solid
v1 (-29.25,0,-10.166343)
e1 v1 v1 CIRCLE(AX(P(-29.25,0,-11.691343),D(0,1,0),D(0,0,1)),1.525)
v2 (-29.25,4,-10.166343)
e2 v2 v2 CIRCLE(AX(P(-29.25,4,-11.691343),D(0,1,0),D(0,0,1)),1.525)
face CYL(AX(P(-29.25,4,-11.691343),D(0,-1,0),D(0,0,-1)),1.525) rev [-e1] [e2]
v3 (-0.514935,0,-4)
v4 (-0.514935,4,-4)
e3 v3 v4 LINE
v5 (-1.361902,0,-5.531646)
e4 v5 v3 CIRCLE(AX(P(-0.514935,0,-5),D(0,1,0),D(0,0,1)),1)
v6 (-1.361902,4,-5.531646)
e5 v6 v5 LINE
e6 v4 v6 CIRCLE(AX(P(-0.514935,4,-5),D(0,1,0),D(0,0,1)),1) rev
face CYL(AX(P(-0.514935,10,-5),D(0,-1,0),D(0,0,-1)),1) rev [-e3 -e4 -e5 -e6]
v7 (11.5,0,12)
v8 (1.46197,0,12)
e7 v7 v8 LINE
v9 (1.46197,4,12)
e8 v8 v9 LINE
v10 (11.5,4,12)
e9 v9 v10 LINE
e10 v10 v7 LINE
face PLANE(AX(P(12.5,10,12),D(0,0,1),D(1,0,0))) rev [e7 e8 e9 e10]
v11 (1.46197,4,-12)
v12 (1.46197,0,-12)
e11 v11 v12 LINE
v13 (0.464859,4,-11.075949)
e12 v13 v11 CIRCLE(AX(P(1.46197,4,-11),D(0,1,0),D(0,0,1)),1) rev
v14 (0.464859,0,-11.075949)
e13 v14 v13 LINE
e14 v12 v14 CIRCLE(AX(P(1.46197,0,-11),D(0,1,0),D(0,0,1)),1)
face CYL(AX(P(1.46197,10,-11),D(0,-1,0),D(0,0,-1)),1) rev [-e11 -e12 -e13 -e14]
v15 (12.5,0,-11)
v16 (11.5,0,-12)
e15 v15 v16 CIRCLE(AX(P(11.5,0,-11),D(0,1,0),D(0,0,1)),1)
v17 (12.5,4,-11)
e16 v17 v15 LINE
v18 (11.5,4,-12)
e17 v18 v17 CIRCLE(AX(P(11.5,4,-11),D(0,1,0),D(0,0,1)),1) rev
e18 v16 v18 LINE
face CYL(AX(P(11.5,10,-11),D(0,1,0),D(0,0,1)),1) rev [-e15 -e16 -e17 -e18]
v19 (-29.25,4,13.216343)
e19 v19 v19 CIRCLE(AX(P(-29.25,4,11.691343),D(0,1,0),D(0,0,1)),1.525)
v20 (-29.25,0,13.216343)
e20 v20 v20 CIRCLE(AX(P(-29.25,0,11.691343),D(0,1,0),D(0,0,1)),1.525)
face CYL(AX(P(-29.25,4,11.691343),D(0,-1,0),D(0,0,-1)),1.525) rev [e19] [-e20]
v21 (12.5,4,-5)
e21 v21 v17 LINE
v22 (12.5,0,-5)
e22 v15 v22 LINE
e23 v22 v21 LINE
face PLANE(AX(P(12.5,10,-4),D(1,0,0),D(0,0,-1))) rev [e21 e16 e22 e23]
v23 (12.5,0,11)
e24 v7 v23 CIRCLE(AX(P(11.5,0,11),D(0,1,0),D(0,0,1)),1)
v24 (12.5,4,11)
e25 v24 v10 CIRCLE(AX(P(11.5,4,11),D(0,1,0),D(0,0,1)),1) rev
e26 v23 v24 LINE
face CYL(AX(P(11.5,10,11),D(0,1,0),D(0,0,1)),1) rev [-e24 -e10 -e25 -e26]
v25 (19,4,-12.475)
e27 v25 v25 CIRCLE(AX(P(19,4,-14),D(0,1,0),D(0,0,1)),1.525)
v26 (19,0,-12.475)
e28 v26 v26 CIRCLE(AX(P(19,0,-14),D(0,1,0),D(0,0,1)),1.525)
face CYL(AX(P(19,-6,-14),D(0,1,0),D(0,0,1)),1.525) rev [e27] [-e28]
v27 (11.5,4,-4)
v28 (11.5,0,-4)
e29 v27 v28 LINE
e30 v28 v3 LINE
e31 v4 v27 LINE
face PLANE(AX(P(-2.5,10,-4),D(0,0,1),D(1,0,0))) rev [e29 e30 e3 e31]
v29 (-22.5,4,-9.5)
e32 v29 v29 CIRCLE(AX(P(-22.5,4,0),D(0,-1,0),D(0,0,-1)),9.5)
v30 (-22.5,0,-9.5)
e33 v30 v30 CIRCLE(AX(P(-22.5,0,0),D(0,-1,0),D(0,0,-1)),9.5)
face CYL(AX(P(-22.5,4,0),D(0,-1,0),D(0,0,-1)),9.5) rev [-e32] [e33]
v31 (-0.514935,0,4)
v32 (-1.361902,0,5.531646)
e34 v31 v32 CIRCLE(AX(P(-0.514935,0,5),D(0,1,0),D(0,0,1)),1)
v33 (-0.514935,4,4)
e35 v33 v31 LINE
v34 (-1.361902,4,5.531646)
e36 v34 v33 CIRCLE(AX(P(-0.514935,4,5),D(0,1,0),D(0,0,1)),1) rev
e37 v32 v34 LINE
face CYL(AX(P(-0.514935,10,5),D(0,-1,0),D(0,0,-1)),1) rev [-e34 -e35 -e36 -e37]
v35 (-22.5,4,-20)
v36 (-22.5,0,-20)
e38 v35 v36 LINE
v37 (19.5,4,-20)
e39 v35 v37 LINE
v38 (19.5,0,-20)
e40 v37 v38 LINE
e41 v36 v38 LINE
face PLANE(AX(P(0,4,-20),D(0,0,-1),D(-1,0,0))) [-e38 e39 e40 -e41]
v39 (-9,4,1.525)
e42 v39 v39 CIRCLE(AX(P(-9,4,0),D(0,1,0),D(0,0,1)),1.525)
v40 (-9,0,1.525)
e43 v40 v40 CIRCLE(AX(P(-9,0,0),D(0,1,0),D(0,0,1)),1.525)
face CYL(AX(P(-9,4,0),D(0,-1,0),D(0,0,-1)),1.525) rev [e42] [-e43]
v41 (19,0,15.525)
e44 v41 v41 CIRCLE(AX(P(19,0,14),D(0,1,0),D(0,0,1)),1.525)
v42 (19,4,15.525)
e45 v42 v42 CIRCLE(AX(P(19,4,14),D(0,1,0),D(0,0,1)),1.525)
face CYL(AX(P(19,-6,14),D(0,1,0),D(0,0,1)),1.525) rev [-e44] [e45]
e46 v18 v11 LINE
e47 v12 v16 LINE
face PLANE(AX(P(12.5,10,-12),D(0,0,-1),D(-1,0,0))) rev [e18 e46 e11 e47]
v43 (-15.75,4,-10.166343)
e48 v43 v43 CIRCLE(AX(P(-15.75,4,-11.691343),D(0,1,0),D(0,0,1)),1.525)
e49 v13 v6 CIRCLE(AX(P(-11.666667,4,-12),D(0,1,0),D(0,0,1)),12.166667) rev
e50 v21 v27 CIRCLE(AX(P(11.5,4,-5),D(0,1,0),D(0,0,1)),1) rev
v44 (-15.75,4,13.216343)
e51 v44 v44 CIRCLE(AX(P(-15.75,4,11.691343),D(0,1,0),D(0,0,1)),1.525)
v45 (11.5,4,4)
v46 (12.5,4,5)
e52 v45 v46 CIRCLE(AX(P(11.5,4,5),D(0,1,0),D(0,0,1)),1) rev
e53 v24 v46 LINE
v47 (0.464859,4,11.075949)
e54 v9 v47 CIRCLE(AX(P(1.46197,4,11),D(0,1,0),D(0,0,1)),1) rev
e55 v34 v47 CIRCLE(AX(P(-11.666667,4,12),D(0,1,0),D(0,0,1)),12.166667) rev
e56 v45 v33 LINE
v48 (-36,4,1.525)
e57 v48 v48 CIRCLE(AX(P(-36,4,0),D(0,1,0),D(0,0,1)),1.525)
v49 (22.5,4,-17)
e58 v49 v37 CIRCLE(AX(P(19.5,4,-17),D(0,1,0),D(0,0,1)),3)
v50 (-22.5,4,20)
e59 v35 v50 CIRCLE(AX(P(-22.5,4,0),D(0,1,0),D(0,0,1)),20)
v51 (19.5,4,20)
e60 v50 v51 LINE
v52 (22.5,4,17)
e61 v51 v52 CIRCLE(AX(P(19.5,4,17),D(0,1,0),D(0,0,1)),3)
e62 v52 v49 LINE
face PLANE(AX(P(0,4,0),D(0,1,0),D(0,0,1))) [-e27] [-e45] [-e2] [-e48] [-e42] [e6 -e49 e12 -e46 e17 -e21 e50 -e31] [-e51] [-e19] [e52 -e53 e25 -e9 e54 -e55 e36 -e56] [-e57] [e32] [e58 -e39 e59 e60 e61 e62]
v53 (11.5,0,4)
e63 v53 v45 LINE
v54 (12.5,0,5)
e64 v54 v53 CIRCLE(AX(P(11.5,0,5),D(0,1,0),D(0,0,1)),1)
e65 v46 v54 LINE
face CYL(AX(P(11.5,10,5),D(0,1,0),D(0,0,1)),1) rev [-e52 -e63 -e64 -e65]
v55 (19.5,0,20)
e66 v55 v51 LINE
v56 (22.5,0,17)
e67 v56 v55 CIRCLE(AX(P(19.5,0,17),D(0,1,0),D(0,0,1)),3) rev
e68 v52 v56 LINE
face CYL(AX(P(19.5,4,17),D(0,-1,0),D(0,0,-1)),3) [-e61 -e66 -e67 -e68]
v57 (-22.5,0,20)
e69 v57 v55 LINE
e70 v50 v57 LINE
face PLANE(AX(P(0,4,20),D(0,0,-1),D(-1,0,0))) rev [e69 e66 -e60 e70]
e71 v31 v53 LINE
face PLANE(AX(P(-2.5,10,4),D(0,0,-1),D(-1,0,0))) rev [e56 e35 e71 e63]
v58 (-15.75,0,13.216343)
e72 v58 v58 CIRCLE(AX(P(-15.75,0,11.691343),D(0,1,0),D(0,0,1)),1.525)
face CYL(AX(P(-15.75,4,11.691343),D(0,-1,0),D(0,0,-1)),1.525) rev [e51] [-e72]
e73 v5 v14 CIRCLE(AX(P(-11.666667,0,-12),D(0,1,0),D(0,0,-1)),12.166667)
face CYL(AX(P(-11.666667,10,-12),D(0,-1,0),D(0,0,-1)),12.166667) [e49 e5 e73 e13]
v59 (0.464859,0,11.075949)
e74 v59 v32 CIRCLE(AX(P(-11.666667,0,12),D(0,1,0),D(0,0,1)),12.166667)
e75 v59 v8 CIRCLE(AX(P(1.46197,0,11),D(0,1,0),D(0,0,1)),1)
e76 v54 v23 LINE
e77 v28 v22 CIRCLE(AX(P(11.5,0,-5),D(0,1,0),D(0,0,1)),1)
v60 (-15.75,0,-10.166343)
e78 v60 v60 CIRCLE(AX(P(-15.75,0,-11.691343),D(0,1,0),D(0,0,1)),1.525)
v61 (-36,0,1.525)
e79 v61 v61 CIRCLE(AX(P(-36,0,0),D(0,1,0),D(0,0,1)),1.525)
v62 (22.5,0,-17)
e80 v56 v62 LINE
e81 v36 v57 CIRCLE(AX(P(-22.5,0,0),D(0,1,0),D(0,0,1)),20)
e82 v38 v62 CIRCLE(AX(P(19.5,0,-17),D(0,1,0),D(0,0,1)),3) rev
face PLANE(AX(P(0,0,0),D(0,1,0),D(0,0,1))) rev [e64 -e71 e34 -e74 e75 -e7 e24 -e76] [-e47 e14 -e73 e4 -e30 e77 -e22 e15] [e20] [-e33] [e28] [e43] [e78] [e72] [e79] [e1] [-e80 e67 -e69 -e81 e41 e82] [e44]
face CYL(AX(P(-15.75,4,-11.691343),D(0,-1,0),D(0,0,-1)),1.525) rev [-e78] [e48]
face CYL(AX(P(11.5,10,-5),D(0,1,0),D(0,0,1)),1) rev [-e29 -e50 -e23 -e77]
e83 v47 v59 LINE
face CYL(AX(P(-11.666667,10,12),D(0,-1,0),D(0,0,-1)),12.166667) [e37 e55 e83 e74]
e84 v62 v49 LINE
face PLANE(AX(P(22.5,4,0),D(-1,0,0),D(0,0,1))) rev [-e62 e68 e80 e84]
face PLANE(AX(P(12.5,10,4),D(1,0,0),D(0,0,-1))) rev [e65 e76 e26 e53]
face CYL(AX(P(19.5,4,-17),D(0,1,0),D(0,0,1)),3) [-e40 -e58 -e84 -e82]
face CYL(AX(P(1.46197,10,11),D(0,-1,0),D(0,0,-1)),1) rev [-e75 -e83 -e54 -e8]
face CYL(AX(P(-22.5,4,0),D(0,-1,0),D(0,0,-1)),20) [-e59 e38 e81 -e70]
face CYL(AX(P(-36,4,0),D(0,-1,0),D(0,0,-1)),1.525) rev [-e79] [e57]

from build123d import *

# Parameters (mm, degrees)
EXTRUDE_1_DEPTH     = 4
SKETCH_3_R          = 1.525
CUT_EXTRUDE_3_DEPTH = 5
SKETCH_6_R          = 9.5
CUT_EXTRUDE_5_DEPTH = 5
FILLET_1_R          = 3
SKETCH_7_R          = 1.525
CUT_EXTRUDE_6_DEPTH = 10
CUT_EXTRUDE_7_DEPTH = 10
FILLET_2_R          = 1


with BuildPart() as part:
    # 草图1 → 凸台-拉伸1 (new body)
    with BuildSketch(Plane(origin=(0, 0, 0), x_dir=(1, 0, 0), z_dir=(0, 1, 0))):
        with BuildLine():
            ThreePointArc((-22.5, 20), (-42.5, 0), (-22.5, -20))
            Line((-22.5, -20), (-22.5, 20))
        make_face()
        with BuildLine():
            Line((-22.5, 20), (-22.5, -20))
            ThreePointArc((-22.5, -20), (-8.357864376, -14.142135624), (-2.5, 0))
            ThreePointArc((-2.5, 0), (-8.357864376, 14.142135624), (-22.5, 20))
        make_face()
        with BuildLine():
            ThreePointArc((-2.5, 0), (-8.357864376, -14.142135624), (-22.5, -20))
            Line((-22.5, -20), (22.5, -20))
            Line((22.5, -20), (22.5, 20))
            Line((22.5, 20), (-22.5, 20))
            ThreePointArc((-22.5, 20), (-8.357864376, 14.142135624), (-2.5, 0))
        make_face()
    extrude(amount=EXTRUDE_1_DEPTH)

    # 草图3 → 切除-拉伸3 (cut, through all)
    with BuildSketch(Plane(origin=(0, 0, 0), x_dir=(1, 0, 0), z_dir=(0, 1, 0))):
        with Locations((-36, 0)):
            Circle(SKETCH_3_R)
        with Locations((-29.25, 11.691342951)):
            Circle(SKETCH_3_R)
        with Locations((-15.75, 11.691342951)):
            Circle(SKETCH_3_R)
        with Locations((-9, 0)):
            Circle(SKETCH_3_R)
        with Locations((-15.75, -11.691342951)):
            Circle(SKETCH_3_R)
        with Locations((-29.25, -11.691342951)):
            Circle(SKETCH_3_R)
    extrude(amount=CUT_EXTRUDE_3_DEPTH, mode=Mode.SUBTRACT)

    # 草图6 → 切除-拉伸5 (cut, through all)
    with BuildSketch(Plane.XZ):
        with Locations((-22.5, 0)):
            Circle(SKETCH_6_R)
    extrude(amount=-CUT_EXTRUDE_5_DEPTH, mode=Mode.SUBTRACT)

    # 圆角1
    fillet_1_edges = [part.edges().sort_by_distance(p)[0] for p in [
        (22.5, 2, -20),
        (22.5, 2, 20),
    ]]
    fillet(fillet_1_edges, radius=FILLET_1_R)

    # 草图7 → 切除-拉伸6 (cut)
    with BuildSketch(Plane(origin=(0, 4, 0), x_dir=(1, 0, 0), z_dir=(0, 1, 0))):
        with Locations((19, -14)):
            Circle(SKETCH_7_R)
        with Locations((18.999999998, 13.999999998)):
            Circle(SKETCH_7_R)
    extrude(amount=-CUT_EXTRUDE_6_DEPTH, mode=Mode.SUBTRACT)

    # 草图8 → 切除-拉伸7 (cut)
    with BuildSketch(Plane.XZ):
        with BuildLine():
            Line((-2.5, 4), (12.5, 4))
            Line((12.5, 4), (12.5, 12))
            Line((12.5, 12), (0.5, 12))
            ThreePointArc((0.5, 12), (-0.274661673, 7.727998127), (-2.5, 4))
        make_face()
        with BuildLine():
            Line((12.5, -12), (0.5, -12))
            ThreePointArc((0.5, -12), (-0.274661673, -7.727998127), (-2.5, -4))
            Line((-2.5, -4), (12.5, -4))
            Line((12.5, -4), (12.5, -12))
        make_face()
    extrude(amount=-CUT_EXTRUDE_7_DEPTH, mode=Mode.SUBTRACT)

    # 圆角2
    fillet_2_edges = [part.edges().sort_by_distance(p)[0] for p in [
        (-2.5, 2, 4),
        (0.5, 2, 12),
        (12.5, 2, 12),
        (12.5, 2, 4),
        (0.5, 2, -12),
        (-2.5, 2, -4),
        (12.5, 2, -4),
        (12.5, 2, -12),
    ]]
    fillet(fillet_2_edges, radius=FILLET_2_R)


solid = part.part
